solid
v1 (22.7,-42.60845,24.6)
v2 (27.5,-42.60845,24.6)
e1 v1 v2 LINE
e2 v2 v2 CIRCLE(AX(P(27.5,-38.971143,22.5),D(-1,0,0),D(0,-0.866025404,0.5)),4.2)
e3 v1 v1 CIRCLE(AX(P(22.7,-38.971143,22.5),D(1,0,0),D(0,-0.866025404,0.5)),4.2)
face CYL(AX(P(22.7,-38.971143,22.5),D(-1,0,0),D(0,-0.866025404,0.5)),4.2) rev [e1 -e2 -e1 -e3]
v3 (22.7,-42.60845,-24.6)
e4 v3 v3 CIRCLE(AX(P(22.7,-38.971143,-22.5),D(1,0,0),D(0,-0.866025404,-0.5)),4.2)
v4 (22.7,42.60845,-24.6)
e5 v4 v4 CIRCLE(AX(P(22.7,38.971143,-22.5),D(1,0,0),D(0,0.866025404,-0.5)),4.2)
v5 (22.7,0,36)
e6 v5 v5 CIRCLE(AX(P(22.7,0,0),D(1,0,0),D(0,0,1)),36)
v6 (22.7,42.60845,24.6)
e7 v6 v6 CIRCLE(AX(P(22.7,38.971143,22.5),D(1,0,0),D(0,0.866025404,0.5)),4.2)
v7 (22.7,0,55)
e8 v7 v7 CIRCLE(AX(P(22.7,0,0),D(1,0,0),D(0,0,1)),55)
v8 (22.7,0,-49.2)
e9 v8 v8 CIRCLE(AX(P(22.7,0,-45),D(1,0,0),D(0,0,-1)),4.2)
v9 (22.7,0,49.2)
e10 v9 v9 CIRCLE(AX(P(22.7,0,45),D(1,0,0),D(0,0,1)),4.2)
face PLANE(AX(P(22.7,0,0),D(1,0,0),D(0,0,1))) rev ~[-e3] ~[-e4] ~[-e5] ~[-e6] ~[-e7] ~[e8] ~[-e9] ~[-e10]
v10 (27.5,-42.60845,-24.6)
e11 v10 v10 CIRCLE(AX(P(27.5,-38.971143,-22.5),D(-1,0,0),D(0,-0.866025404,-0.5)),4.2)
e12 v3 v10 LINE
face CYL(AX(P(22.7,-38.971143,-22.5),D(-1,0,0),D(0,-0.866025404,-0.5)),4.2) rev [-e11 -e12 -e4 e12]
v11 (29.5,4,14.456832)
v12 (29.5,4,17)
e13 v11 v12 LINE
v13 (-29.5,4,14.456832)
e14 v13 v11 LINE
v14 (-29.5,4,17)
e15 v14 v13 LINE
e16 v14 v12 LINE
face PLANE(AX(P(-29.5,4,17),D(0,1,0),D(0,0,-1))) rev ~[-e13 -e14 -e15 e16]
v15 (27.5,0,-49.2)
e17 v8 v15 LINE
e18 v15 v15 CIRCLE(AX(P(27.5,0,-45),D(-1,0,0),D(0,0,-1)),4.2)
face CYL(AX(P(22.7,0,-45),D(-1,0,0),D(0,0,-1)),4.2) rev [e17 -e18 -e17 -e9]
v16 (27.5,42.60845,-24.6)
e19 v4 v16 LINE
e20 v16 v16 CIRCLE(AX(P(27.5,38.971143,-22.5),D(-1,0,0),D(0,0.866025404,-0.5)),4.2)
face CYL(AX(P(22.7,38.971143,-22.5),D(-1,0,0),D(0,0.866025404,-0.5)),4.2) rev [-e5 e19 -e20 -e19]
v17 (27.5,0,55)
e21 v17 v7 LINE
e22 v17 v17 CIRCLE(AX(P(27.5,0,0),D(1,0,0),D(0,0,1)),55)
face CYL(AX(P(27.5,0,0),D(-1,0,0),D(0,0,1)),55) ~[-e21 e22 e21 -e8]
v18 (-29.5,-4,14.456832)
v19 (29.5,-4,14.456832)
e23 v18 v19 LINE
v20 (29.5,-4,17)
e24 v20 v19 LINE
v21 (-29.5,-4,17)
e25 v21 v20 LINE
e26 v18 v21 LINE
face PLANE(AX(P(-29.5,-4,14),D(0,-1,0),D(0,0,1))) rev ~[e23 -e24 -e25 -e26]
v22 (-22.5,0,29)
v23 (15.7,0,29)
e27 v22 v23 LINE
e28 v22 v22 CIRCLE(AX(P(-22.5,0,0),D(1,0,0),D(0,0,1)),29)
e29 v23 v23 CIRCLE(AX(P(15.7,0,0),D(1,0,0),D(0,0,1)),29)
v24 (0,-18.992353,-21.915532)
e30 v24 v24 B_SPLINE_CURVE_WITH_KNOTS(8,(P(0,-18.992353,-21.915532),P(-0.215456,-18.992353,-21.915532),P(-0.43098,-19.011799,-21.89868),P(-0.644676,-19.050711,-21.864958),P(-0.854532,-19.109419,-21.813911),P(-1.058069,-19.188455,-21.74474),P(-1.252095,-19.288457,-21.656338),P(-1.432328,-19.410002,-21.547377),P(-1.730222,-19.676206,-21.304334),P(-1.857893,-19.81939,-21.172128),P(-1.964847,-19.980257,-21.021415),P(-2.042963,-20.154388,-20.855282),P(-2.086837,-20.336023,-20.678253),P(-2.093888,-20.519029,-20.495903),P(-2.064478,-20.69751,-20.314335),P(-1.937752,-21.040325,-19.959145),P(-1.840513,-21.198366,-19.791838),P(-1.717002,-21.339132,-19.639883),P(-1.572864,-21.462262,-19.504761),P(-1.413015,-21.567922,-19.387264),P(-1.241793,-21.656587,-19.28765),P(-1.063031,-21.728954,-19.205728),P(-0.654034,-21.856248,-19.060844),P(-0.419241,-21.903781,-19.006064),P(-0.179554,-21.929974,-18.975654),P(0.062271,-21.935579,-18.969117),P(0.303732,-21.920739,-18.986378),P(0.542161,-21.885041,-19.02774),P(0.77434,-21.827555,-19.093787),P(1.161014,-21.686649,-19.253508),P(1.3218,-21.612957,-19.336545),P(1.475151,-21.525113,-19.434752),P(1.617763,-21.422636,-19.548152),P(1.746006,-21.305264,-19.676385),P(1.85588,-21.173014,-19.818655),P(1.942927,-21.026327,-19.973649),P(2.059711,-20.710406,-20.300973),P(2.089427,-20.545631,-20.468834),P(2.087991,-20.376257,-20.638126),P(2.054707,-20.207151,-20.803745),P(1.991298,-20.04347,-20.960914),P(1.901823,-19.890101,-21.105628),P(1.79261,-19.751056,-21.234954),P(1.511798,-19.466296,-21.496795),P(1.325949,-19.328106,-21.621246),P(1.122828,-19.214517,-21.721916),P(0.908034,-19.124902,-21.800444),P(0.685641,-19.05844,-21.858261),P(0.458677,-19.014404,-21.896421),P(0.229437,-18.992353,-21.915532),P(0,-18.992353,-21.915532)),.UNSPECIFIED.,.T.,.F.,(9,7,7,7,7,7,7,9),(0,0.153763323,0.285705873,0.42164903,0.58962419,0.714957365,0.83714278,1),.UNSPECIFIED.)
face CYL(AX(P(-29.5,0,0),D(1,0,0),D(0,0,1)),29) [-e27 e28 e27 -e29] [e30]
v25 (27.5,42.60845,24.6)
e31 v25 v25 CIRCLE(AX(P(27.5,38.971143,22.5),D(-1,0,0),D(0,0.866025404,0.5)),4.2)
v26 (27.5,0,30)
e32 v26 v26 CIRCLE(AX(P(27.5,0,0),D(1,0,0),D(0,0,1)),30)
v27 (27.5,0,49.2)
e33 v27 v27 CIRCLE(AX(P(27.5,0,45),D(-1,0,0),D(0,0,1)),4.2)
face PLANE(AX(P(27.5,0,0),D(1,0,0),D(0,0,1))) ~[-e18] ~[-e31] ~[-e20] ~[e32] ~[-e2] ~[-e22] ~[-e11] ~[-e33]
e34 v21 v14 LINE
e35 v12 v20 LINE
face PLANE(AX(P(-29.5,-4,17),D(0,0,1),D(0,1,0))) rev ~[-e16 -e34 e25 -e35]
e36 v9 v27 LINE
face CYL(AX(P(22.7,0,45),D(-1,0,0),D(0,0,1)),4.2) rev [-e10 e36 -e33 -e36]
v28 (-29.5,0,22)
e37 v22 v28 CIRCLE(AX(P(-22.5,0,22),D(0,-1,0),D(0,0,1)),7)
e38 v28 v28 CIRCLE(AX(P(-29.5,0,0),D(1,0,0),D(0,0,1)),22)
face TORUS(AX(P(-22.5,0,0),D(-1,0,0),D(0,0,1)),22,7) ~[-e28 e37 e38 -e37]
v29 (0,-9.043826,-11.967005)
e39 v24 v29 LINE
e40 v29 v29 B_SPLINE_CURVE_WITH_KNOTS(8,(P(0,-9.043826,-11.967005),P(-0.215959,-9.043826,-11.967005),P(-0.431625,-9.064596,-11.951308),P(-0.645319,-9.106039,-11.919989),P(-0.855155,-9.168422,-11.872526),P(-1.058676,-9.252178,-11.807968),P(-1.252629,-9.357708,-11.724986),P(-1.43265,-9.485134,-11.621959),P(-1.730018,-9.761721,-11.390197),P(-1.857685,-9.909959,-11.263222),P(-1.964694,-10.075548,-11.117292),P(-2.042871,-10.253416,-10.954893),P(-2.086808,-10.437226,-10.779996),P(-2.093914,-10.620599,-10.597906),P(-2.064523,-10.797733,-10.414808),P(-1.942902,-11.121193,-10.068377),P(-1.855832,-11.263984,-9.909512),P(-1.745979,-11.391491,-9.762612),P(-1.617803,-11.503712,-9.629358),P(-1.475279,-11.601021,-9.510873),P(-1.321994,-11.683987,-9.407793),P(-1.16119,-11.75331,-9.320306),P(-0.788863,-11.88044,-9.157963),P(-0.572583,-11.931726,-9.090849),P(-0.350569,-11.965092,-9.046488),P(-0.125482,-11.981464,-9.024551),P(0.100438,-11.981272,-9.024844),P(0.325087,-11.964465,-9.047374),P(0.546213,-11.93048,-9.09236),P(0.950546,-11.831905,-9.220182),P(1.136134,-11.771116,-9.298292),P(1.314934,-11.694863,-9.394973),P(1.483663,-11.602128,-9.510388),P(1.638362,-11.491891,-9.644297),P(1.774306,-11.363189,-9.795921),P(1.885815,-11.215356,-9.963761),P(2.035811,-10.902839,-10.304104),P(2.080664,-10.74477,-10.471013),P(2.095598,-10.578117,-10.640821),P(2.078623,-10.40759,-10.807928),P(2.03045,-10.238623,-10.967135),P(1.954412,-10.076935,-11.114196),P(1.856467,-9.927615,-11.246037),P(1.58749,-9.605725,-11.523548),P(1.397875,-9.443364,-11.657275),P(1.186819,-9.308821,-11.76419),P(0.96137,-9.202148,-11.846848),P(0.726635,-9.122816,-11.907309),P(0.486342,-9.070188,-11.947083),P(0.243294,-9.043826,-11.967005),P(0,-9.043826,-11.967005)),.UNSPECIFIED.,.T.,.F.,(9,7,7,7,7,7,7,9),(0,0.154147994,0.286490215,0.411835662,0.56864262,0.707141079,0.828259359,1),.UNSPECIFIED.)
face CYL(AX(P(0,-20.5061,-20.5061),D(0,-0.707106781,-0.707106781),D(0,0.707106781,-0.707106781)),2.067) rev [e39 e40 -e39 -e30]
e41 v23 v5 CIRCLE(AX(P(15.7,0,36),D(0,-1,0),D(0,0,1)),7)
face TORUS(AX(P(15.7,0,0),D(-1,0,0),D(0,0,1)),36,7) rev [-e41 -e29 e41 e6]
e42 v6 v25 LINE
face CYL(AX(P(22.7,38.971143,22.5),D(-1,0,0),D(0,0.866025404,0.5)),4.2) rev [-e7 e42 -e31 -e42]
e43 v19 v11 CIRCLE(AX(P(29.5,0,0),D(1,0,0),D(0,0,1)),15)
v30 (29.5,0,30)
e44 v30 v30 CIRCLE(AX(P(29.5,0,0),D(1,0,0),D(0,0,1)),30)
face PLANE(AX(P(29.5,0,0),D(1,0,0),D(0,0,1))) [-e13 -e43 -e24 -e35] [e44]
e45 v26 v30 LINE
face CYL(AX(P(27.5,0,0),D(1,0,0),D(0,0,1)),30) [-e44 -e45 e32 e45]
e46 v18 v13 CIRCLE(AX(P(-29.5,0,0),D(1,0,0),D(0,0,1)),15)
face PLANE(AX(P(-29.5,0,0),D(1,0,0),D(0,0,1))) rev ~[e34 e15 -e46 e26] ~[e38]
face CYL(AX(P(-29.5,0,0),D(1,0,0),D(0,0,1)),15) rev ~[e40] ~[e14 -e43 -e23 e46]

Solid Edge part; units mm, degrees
sketch "Sketch1" plane through (0, 0, 0) normal (0, -1, 0) x (1, 0, 0)
  line L0 (29.5, 30) -> (29.5, 15)
  line L1 (-29.5, 15) -> (29.5, 15)
  line L2 (-29.5, 29) -> (-29.5, 15)
  line L3 (-29.5, 29) -> (22.7, 29)
  line L4 (22.7, 55) -> (22.7, 29)
  line L5 (27.5, 55) -> (22.7, 55)
  line L6 (27.5, 30) -> (27.5, 55)
  line L7 (27.5, 30) -> (29.5, 30)
  dimension "D1" = 14
  dimension "D2" = 4.8
  dimension "D3" = 55
  dimension "D4" = 2
  dimension "D5" = 15
  dimension "D6" = 59
  dimension "D7" = 15
revolve "RevolvedProtrusion1" add sketch "Sketch1" angle 360 about axis through (-60, 0, 0) along (1, 0, 0)
sketch "Sketch2" plane through (-29.5, 0, 0) normal (-1, 0, 0) x (0, -1, 0)
  line L0 (-4, 14) -> (4, 14)
  line L1 (4, 14) -> (4, 17)
  line L2 (4, 17) -> (-4, 17)
  line L3 (-4, 17) -> (-4, 14)
  dimension "D1" = 3
  dimension "D2" = 8
  dimension "D3" = 14
extrude "Cutout1" cut sketch "Sketch2" against normal through all
hole "Hole1" at (22.7, 0, 45) direction (1, 0, 0) diameter 8.4 end up to next
hole "Hole_5" at (0, -20.5061, -20.5061) direction (0, 0.7071, 0.7071) diameter 4.134 end up to next thread major 5 thread length 2
pattern_circular "Pattern1" count 6 over 360 about axis through (22.7, 0, 0) along (1, 0, 0) of "Hole1"
fillet "Round_1" radius 7 1 edges at (22.7, 0, -29)
fillet "Round_2" radius 7 1 edges at (-29.5, 0, -29)
properties material "Stainless steel"
